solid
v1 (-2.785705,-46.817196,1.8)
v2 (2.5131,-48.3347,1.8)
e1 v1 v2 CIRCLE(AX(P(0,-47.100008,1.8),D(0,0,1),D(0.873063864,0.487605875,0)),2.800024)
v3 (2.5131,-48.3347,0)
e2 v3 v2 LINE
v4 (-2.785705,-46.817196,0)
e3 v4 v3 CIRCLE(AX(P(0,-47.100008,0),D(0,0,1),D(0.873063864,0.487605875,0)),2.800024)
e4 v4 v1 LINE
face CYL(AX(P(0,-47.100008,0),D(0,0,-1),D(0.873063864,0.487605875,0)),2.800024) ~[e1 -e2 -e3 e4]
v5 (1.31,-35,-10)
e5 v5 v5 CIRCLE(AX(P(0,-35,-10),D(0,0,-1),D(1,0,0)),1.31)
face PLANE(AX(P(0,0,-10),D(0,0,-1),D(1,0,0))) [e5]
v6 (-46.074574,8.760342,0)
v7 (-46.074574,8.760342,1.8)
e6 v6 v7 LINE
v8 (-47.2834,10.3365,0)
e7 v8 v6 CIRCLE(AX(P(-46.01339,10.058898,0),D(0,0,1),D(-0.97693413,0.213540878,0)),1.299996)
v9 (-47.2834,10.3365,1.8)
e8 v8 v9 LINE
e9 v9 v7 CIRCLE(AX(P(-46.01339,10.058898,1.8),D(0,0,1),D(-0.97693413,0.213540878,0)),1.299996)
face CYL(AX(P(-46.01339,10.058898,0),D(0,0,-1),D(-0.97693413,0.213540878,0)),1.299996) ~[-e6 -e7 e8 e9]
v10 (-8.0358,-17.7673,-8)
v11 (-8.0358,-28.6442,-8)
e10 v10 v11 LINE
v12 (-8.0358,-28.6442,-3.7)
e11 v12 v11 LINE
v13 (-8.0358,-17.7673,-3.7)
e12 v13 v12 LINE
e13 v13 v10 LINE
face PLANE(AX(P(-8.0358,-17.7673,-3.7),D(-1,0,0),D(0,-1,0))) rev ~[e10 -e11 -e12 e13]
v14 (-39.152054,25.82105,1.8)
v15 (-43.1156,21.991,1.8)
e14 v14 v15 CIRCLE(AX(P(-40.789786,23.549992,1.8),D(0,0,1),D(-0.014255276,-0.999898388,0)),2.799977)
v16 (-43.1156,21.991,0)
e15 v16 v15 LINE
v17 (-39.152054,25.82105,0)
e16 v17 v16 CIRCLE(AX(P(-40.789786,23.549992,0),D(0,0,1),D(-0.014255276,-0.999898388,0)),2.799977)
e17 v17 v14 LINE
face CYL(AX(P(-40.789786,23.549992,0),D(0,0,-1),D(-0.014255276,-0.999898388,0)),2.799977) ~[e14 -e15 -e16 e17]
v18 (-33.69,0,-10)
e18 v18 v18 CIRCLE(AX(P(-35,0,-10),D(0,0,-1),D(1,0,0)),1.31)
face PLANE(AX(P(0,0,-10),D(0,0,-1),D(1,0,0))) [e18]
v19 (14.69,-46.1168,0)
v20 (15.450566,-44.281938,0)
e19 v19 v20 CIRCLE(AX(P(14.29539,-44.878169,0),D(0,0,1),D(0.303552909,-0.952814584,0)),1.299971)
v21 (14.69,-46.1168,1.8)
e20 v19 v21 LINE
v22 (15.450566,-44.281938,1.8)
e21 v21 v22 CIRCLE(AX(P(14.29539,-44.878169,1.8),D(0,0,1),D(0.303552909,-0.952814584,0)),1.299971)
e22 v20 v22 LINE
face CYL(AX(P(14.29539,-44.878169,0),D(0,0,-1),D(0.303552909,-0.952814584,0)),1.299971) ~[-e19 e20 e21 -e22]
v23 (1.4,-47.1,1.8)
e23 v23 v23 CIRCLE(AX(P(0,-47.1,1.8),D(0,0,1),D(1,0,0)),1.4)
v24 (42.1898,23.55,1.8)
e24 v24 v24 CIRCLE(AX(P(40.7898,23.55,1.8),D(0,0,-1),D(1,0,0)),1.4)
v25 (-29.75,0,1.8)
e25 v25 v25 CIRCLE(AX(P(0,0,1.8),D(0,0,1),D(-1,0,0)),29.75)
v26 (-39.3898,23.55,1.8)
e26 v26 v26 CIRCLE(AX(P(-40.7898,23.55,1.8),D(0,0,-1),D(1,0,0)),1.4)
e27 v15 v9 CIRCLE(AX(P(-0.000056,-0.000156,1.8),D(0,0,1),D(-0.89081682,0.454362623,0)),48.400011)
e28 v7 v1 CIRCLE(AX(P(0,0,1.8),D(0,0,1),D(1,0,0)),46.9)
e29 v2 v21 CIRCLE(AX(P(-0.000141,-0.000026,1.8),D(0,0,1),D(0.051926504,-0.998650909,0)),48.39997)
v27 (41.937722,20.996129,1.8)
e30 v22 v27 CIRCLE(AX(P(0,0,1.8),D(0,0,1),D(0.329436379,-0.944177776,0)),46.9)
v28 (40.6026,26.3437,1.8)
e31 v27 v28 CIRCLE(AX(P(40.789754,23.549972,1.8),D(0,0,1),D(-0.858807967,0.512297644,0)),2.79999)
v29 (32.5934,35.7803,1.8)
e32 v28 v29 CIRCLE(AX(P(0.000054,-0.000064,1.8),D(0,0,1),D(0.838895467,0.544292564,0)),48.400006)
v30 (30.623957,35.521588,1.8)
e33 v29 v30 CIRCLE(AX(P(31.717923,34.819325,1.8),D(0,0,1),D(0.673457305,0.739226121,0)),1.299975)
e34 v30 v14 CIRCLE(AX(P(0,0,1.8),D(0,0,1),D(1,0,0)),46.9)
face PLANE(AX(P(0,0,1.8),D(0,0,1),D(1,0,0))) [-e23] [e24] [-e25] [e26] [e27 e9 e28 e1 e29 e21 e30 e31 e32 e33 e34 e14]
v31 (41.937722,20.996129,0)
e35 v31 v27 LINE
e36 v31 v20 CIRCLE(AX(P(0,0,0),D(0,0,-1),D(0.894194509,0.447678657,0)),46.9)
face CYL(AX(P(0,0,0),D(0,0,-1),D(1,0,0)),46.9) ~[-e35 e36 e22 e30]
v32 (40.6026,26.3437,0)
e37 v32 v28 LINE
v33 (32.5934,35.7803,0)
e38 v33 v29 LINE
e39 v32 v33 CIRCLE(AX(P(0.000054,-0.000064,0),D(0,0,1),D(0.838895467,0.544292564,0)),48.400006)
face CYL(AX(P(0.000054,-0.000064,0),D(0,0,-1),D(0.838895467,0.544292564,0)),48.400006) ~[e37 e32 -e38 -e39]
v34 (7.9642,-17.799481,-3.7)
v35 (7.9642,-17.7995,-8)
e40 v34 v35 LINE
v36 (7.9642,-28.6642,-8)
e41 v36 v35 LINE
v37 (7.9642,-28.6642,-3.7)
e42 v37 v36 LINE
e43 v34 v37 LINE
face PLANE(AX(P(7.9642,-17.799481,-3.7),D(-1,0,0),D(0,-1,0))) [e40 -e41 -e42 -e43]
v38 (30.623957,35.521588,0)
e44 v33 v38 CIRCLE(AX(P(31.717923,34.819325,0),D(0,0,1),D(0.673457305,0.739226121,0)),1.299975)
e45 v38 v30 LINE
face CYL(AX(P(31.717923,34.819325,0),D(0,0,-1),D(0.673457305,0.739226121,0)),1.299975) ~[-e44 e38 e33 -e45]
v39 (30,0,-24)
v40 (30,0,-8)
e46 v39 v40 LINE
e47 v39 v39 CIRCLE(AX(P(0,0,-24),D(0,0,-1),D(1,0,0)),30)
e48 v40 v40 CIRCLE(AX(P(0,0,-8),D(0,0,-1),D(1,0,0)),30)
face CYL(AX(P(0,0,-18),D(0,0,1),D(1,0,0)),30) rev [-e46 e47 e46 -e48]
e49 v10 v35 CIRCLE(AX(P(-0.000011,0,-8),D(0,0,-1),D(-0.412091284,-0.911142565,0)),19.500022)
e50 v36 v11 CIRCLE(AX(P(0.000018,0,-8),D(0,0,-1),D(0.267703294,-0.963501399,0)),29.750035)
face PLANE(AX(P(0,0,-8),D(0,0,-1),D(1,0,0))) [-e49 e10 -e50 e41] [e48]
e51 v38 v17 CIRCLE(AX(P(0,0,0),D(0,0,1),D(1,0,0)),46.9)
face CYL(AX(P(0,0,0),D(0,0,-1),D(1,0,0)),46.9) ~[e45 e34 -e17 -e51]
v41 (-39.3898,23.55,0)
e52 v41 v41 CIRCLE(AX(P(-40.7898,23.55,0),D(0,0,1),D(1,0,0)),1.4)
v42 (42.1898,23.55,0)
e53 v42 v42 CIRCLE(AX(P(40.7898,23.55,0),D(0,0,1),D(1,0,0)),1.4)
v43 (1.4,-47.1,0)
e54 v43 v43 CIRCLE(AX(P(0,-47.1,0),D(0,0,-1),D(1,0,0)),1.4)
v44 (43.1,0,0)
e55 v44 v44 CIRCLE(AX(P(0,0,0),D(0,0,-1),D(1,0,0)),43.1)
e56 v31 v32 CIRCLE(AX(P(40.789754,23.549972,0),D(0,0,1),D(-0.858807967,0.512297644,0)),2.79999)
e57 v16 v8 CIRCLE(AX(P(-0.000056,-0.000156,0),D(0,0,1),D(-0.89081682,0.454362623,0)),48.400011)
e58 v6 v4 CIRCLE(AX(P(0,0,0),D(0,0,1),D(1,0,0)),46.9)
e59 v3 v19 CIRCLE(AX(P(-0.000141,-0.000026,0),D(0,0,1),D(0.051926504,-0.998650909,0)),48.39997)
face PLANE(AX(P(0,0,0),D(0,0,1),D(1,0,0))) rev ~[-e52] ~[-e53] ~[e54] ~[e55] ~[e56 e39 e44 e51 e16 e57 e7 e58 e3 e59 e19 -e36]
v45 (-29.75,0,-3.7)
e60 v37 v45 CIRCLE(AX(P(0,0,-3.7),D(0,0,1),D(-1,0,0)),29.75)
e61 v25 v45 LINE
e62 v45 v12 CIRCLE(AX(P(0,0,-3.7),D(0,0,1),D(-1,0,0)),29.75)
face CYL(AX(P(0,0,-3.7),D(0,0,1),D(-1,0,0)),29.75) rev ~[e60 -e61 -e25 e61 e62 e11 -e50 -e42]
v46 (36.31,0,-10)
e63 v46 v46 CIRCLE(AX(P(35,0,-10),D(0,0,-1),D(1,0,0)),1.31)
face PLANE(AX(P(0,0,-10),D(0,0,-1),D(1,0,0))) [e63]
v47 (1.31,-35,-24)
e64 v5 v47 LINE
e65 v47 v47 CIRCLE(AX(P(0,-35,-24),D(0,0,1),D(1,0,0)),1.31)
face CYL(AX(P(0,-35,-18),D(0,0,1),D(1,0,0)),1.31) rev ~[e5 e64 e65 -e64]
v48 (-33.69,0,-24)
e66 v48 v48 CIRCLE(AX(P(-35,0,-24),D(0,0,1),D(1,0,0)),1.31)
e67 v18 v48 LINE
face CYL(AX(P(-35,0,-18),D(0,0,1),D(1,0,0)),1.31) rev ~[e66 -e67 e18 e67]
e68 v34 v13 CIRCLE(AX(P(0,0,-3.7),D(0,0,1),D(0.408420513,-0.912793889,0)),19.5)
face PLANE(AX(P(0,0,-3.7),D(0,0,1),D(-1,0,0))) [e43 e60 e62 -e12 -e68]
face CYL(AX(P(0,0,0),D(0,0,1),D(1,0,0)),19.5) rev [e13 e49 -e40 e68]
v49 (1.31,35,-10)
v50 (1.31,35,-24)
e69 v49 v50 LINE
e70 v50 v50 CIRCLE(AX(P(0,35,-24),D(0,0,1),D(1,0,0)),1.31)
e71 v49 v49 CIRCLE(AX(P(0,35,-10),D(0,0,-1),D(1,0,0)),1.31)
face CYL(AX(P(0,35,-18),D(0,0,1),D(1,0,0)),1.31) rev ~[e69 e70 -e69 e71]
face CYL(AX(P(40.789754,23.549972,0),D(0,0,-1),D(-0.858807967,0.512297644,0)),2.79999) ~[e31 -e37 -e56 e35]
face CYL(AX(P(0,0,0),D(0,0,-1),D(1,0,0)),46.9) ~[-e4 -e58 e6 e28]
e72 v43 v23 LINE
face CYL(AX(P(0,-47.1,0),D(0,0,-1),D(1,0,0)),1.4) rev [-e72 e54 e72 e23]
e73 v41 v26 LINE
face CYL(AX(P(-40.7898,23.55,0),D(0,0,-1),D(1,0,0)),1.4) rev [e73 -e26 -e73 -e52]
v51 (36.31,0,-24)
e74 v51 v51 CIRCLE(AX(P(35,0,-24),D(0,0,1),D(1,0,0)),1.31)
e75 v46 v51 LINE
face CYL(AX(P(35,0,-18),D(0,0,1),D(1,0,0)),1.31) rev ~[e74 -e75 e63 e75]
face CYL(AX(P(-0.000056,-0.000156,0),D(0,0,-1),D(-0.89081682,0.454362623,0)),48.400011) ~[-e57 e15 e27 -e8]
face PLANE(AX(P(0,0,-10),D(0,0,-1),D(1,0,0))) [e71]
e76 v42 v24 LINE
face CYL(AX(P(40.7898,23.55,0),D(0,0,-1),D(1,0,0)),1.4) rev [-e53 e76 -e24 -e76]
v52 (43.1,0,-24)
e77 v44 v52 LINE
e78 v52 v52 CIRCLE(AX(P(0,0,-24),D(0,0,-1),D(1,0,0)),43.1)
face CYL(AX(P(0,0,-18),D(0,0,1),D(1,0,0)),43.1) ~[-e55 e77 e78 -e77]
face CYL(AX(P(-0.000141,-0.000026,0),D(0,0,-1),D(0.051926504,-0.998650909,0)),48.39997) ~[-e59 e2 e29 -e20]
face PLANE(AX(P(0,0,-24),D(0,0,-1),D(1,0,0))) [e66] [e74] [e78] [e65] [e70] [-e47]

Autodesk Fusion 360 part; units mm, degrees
sketch "草图1" plane through (0, 0, 0) normal (0, 0, 1) x (1, 0, 0)
  line L0 (28.4627, -32.3648) -> (28.4702, -32.3737)
  line L1 (41.5939, -11.2943) -> (41.768, -11.325)
  arc A0 (14.7507, -46.3074) -> (13.8402, -43.4489) centre (14.2954, -44.8782) ccw construction
  line L2 (-28.4627, -32.3648) -> (-28.4702, -32.3737)
  circle A1 centre (0, -47.1) radius 1.4
  line L3 (43.1, 0) -> (48, 0) construction
  line L4 (0, -43.1) -> (0, -51.1) construction
  arc A2 (2.5554, -45.5283) -> (2.6381, -48.5283) centre (0, -47.1) ccw construction
  circle A3 centre (0, 0) radius 44.72 construction
  arc A4 (2.6381, -48.5283) -> (14.7507, -46.3074) centre (0, 0) ccw construction
  line L5 (-30.5781, -30.3742) -> (-30.6917, -30.5096)
  line L6 (-41.5939, -11.2943) -> (-41.768, -11.325)
  line L7 (30.5781, -30.3742) -> (30.6917, -30.5096)
  line L8 (42.2601, -8.467) -> (42.2716, -8.469)
  line L9 (-42.2601, -8.467) -> (-42.2716, -8.469)
  line L10 (0.9, -43.0906) -> (0.9, -43.1)
  arc A5 (2.5554, -45.5283) -> (13.8402, -43.4489) centre (0, 0) ccw construction
  line L11 (-0.9, -43.0906) -> (-0.9, -43.1)
  circle A6 centre (0, 0) radius 43.1
  arc A7 (40.7077, 26.5489) -> (32.728, 35.9282) centre (0, 0) ccw construction
  line L12 (11.0158, 41.6685) -> (11.0763, 41.8346)
  line L13 (13.7974, 40.8319) -> (13.8014, 40.8428)
  line L14 (36.8676, 22.3247) -> (36.8757, 22.3294)
  arc A8 (32.728, 35.9282) -> (30.7078, 33.7104) centre (31.7179, 34.8193) ccw construction
  circle A9 centre (40.7898, 23.55) radius 1.4
  circle A10 centre (-40.7898, 23.55) radius 1.4
  line L15 (-15.6751, 9.05) -> (-16.3679, 9.45) construction
  arc A11 (38.151, 24.9772) -> (30.7078, 33.7104) centre (0, 0) ccw construction
  line L16 (-13.7974, 40.8319) -> (-13.8014, 40.8428)
  line L17 (37.7676, 20.7659) -> (37.7757, 20.7706)
  arc A12 (-40.7064, 20.5512) -> (-44.548, 9.7385) centre (0, 0) ccw construction
  arc A13 (-47.4788, 10.3792) -> (-44.548, 9.7385) centre (-46.0134, 10.0589) ccw construction
  circle A14 centre (0, 0) radius 47.1 construction
  arc A15 (-43.3459, 21.9795) -> (-47.4788, 10.3792) centre (0, 0) ccw construction
  line L18 (-37.7676, 20.7659) -> (-37.7757, 20.7706)
  line L19 (-36.8676, 22.3247) -> (-36.8757, 22.3294)
  arc A16 (38.151, 24.9772) -> (40.7077, 26.5489) centre (40.7898, 23.55) ccw construction
  circle A17 centre (0, 0) radius 47.1 construction
  line L20 (-11.0158, 41.6685) -> (-11.0763, 41.8346)
  line L21 (-37.3257, 21.55) -> (-41.5692, 24) construction
  arc A18 (-40.7064, 20.5512) -> (-43.3459, 21.9795) centre (-40.7898, 23.55) ccw construction
  circle A19 centre (0, 0) radius 46.9
  arc A20 (32.5934, 35.7803) -> (30.8425, 33.8583) centre (31.7179, 34.8193) ccw
  arc A21 (38.3851, 24.9844) -> (30.8425, 33.8583) centre (0, 0) ccw
  arc A22 (38.3851, 24.9844) -> (40.6026, 26.3437) centre (40.7898, 23.55) ccw
  arc A23 (40.6026, 26.3437) -> (32.5934, 35.7803) centre (0, 0) ccw
  arc A24 (2.4446, -45.7347) -> (13.9009, -43.6395) centre (0, 0) ccw
  arc A25 (14.69, -46.1168) -> (13.9009, -43.6395) centre (14.2954, -44.8782) ccw
  arc A26 (2.5131, -48.3347) -> (14.69, -46.1168) centre (0, 0) ccw
  arc A27 (2.4446, -45.7347) -> (2.5131, -48.3347) centre (0, -47.1) ccw
  arc A28 (-47.2834, 10.3365) -> (-44.7434, 9.7812) centre (-46.0134, 10.0589) ccw
  arc A29 (-40.8297, 20.7503) -> (-44.7434, 9.7812) centre (0, 0) ccw
  arc A30 (-40.8297, 20.7503) -> (-43.1156, 21.991) centre (-40.7898, 23.55) ccw
  arc A31 (-43.1156, 21.991) -> (-47.2834, 10.3365) centre (0, 0) ccw
  circle A32 centre (0, 0) radius 19.5
  dimension "d43" = 1.8
  dimension "d44" = 6
  dimension "d45" = 3
  dimension "d46" = 2.8
  dimension "d47" = 2.8
  dimension "d48" = 2.8
  dimension "d49" = 86.2
  dimension "d53" = -0.2
  dimension "d54" = -0.2
  dimension "d55" = -0.2
  dimension "d56" = -0.2
  dimension "d57" = 39
extrude "拉伸5" add sketch "草图1" along normal blind 1.8 contours A1 A19 A25 A26 A27 | A1 A19 A24 A25 A27 | A19 A20 A21 A22 A24 A25 A27 A28 A29 A30 | A10 A19 A28 A30 A31 | A10 A19 A28 A29 A30 | A9 A19 A20 A21 A22 | A9 A19 A20 A22 A23
extrude "拉伸6" add sketch "草图1" along normal up to surface (1.8 mm away) contours A6
sketch "草图3" plane through (0, 0, 1.8) normal (0, 0, 1) x (-1, 0, 0)
  circle A0 centre (0, 0) radius 19.5
  circle A1 centre (40.7898, -23.55) radius 1.4
  circle A2 centre (-40.7898, -23.55) radius 1.4
  circle A3 centre (0, 47.1) radius 1.4
  arc A4 (43.1156, -21.991) -> (47.2834, -10.3365) centre (0, 0) ccw
  arc A5 (47.2834, -10.3365) -> (46.0746, -8.7603) centre (46.0134, -10.0589) ccw
  arc A6 (46.0746, -8.7603) -> (2.7857, 46.8172) centre (0, 0) ccw
  arc A7 (2.7857, 46.8172) -> (-2.5131, 48.3347) centre (0, 47.1) ccw
  arc A8 (-2.5131, 48.3347) -> (-14.69, 46.1168) centre (0, 0) ccw
  arc A9 (-14.69, 46.1168) -> (-15.4506, 44.2819) centre (-14.2954, 44.8782) ccw
  arc A10 (-15.4506, 44.2819) -> (-41.9377, -20.9961) centre (0, 0) ccw
  arc A11 (-41.9377, -20.9961) -> (-40.6026, -26.3437) centre (-40.7898, -23.55) ccw
  arc A12 (-40.6026, -26.3437) -> (-32.5934, -35.7803) centre (0, 0) ccw
  arc A13 (-32.5934, -35.7803) -> (-30.6239, -35.5216) centre (-31.7179, -34.8193) ccw
  arc A14 (-30.6239, -35.5216) -> (39.152, -25.8211) centre (0, 0) ccw
  arc A15 (39.152, -25.8211) -> (43.1156, -21.991) centre (40.7898, -23.55) ccw
  circle A16 centre (0, 0) radius 29.75
  dimension "d64" = 59.5
sketch "草图4" plane through (0, 0, 0) normal (0, 0, -1) x (1, 0, 0)
  circle A0 centre (0, 0) radius 19.5
  circle A1 centre (-40.7898, -23.55) radius 1.4
  circle A2 centre (40.7898, -23.55) radius 1.4
  circle A3 centre (0, 47.1) radius 1.4
  arc A4 (-47.2834, -10.3365) -> (-43.1156, -21.991) centre (0, 0) ccw
  arc A5 (-43.1156, -21.991) -> (-39.152, -25.8211) centre (-40.7898, -23.55) ccw
  arc A6 (-39.152, -25.8211) -> (30.6239, -35.5216) centre (0, 0) ccw
  arc A7 (30.6239, -35.5216) -> (32.5934, -35.7803) centre (31.7179, -34.8193) ccw
  arc A8 (32.5934, -35.7803) -> (40.6026, -26.3437) centre (0, 0) ccw
  arc A9 (40.6026, -26.3437) -> (41.9377, -20.9961) centre (40.7898, -23.55) ccw
  arc A10 (41.9377, -20.9961) -> (15.4506, 44.2819) centre (0, 0) ccw
  arc A11 (15.4506, 44.2819) -> (14.69, 46.1168) centre (14.2954, 44.8782) ccw
  arc A12 (14.69, 46.1168) -> (2.5131, 48.3347) centre (0, 0) ccw
  arc A13 (2.5131, 48.3347) -> (-2.7857, 46.8172) centre (0, 47.1) ccw
  arc A14 (-2.7857, 46.8172) -> (-46.0746, -8.7603) centre (0, 0) ccw
  arc A15 (-46.0746, -8.7603) -> (-47.2834, -10.3365) centre (-46.0134, -10.0589) ccw
  circle A16 centre (0, 0) radius 43.1
  dimension "d65" = 86.2
extrude "拉伸8" add sketch "草图4" along normal blind 18 contours A16
extrude "拉伸9" cut sketch "草图3" against normal blind 5.5 contours A16
sketch "草图5" plane through (0, 0, -3.7) normal (0, 0, 1) x (-1, 0, 0)
  circle A0 centre (0, 0) radius 19.5
  circle A1 centre (0, 0) radius 29.75
  line L0 (0.0358, 19.5) -> (0.0358, 29.75)
  line L1 (8.0358, 17.7673) -> (8.0358, 28.6442)
  line L2 (-7.9642, 17.7673) -> (-7.9642, 28.6642)
extrude "拉伸10" cut sketch "草图5" against normal blind 20 contours A0 A1 L0 L1 | A0 A1 L0 L2
sketch "草图6" plane through (0, 0, -18) normal (0, 0, -1) x (1, 0, 0)
  circle A0 centre (0, 0) radius 43.1
  line L0 (-8.0358, 17.7673) -> (-8.0358, 28.6442)
  arc A1 (7.9642, 28.6642) -> (-8.0358, 28.6442) centre (0, 0) ccw
  line L1 (7.9642, 28.6642) -> (7.9642, 17.7995)
  arc A2 (-8.0358, 17.7673) -> (7.9642, 17.7995) centre (0, 0) ccw
  circle A3 centre (0, 0) radius 35
  circle A4 centre (0, -35) radius 1.31
  circle A5 centre (35, 0) radius 1.31
  circle A6 centre (0, 35) radius 1.31
  circle A7 centre (-35, 0) radius 1.31
  dimension "d73" = 70
  dimension "d74" = 2.62
  dimension "d76" = 360
extrude "拉伸11" cut sketch "草图6" against normal blind 8 contours A3 A5 | A3 A5 | A3 A6 | A3 A6 | A3 A4 | A3 A4 | A3 A7 | A3 A7
sketch "草图7" plane through (0, 0, -18) normal (0, 0, -1) x (1, 0, 0)
  circle A0 centre (35, 0) radius 1.31
  circle A1 centre (-35, 0) radius 1.31
  circle A2 centre (0, -35) radius 1.31
  circle A3 centre (0, 35) radius 1.31
  circle A4 centre (0, 0) radius 43.1
  line L0 (-8.0358, 17.7673) -> (-8.0358, 28.6442)
  arc A5 (7.9642, 28.6642) -> (-8.0358, 28.6442) centre (0, 0) ccw
  line L1 (7.9642, 28.6642) -> (7.9642, 17.7995)
  arc A6 (-8.0358, 17.7673) -> (7.9642, 17.7995) centre (0, 0) ccw
  circle A7 centre (0, 0) radius 30
  dimension "d79" = 60
extrude "拉伸12" cut sketch "草图7" against normal blind 10 contours A7
extrude "拉伸13" add 1 faces at (34.9911, 7.617, -18) along direction (0, 0, -1) blind 6
